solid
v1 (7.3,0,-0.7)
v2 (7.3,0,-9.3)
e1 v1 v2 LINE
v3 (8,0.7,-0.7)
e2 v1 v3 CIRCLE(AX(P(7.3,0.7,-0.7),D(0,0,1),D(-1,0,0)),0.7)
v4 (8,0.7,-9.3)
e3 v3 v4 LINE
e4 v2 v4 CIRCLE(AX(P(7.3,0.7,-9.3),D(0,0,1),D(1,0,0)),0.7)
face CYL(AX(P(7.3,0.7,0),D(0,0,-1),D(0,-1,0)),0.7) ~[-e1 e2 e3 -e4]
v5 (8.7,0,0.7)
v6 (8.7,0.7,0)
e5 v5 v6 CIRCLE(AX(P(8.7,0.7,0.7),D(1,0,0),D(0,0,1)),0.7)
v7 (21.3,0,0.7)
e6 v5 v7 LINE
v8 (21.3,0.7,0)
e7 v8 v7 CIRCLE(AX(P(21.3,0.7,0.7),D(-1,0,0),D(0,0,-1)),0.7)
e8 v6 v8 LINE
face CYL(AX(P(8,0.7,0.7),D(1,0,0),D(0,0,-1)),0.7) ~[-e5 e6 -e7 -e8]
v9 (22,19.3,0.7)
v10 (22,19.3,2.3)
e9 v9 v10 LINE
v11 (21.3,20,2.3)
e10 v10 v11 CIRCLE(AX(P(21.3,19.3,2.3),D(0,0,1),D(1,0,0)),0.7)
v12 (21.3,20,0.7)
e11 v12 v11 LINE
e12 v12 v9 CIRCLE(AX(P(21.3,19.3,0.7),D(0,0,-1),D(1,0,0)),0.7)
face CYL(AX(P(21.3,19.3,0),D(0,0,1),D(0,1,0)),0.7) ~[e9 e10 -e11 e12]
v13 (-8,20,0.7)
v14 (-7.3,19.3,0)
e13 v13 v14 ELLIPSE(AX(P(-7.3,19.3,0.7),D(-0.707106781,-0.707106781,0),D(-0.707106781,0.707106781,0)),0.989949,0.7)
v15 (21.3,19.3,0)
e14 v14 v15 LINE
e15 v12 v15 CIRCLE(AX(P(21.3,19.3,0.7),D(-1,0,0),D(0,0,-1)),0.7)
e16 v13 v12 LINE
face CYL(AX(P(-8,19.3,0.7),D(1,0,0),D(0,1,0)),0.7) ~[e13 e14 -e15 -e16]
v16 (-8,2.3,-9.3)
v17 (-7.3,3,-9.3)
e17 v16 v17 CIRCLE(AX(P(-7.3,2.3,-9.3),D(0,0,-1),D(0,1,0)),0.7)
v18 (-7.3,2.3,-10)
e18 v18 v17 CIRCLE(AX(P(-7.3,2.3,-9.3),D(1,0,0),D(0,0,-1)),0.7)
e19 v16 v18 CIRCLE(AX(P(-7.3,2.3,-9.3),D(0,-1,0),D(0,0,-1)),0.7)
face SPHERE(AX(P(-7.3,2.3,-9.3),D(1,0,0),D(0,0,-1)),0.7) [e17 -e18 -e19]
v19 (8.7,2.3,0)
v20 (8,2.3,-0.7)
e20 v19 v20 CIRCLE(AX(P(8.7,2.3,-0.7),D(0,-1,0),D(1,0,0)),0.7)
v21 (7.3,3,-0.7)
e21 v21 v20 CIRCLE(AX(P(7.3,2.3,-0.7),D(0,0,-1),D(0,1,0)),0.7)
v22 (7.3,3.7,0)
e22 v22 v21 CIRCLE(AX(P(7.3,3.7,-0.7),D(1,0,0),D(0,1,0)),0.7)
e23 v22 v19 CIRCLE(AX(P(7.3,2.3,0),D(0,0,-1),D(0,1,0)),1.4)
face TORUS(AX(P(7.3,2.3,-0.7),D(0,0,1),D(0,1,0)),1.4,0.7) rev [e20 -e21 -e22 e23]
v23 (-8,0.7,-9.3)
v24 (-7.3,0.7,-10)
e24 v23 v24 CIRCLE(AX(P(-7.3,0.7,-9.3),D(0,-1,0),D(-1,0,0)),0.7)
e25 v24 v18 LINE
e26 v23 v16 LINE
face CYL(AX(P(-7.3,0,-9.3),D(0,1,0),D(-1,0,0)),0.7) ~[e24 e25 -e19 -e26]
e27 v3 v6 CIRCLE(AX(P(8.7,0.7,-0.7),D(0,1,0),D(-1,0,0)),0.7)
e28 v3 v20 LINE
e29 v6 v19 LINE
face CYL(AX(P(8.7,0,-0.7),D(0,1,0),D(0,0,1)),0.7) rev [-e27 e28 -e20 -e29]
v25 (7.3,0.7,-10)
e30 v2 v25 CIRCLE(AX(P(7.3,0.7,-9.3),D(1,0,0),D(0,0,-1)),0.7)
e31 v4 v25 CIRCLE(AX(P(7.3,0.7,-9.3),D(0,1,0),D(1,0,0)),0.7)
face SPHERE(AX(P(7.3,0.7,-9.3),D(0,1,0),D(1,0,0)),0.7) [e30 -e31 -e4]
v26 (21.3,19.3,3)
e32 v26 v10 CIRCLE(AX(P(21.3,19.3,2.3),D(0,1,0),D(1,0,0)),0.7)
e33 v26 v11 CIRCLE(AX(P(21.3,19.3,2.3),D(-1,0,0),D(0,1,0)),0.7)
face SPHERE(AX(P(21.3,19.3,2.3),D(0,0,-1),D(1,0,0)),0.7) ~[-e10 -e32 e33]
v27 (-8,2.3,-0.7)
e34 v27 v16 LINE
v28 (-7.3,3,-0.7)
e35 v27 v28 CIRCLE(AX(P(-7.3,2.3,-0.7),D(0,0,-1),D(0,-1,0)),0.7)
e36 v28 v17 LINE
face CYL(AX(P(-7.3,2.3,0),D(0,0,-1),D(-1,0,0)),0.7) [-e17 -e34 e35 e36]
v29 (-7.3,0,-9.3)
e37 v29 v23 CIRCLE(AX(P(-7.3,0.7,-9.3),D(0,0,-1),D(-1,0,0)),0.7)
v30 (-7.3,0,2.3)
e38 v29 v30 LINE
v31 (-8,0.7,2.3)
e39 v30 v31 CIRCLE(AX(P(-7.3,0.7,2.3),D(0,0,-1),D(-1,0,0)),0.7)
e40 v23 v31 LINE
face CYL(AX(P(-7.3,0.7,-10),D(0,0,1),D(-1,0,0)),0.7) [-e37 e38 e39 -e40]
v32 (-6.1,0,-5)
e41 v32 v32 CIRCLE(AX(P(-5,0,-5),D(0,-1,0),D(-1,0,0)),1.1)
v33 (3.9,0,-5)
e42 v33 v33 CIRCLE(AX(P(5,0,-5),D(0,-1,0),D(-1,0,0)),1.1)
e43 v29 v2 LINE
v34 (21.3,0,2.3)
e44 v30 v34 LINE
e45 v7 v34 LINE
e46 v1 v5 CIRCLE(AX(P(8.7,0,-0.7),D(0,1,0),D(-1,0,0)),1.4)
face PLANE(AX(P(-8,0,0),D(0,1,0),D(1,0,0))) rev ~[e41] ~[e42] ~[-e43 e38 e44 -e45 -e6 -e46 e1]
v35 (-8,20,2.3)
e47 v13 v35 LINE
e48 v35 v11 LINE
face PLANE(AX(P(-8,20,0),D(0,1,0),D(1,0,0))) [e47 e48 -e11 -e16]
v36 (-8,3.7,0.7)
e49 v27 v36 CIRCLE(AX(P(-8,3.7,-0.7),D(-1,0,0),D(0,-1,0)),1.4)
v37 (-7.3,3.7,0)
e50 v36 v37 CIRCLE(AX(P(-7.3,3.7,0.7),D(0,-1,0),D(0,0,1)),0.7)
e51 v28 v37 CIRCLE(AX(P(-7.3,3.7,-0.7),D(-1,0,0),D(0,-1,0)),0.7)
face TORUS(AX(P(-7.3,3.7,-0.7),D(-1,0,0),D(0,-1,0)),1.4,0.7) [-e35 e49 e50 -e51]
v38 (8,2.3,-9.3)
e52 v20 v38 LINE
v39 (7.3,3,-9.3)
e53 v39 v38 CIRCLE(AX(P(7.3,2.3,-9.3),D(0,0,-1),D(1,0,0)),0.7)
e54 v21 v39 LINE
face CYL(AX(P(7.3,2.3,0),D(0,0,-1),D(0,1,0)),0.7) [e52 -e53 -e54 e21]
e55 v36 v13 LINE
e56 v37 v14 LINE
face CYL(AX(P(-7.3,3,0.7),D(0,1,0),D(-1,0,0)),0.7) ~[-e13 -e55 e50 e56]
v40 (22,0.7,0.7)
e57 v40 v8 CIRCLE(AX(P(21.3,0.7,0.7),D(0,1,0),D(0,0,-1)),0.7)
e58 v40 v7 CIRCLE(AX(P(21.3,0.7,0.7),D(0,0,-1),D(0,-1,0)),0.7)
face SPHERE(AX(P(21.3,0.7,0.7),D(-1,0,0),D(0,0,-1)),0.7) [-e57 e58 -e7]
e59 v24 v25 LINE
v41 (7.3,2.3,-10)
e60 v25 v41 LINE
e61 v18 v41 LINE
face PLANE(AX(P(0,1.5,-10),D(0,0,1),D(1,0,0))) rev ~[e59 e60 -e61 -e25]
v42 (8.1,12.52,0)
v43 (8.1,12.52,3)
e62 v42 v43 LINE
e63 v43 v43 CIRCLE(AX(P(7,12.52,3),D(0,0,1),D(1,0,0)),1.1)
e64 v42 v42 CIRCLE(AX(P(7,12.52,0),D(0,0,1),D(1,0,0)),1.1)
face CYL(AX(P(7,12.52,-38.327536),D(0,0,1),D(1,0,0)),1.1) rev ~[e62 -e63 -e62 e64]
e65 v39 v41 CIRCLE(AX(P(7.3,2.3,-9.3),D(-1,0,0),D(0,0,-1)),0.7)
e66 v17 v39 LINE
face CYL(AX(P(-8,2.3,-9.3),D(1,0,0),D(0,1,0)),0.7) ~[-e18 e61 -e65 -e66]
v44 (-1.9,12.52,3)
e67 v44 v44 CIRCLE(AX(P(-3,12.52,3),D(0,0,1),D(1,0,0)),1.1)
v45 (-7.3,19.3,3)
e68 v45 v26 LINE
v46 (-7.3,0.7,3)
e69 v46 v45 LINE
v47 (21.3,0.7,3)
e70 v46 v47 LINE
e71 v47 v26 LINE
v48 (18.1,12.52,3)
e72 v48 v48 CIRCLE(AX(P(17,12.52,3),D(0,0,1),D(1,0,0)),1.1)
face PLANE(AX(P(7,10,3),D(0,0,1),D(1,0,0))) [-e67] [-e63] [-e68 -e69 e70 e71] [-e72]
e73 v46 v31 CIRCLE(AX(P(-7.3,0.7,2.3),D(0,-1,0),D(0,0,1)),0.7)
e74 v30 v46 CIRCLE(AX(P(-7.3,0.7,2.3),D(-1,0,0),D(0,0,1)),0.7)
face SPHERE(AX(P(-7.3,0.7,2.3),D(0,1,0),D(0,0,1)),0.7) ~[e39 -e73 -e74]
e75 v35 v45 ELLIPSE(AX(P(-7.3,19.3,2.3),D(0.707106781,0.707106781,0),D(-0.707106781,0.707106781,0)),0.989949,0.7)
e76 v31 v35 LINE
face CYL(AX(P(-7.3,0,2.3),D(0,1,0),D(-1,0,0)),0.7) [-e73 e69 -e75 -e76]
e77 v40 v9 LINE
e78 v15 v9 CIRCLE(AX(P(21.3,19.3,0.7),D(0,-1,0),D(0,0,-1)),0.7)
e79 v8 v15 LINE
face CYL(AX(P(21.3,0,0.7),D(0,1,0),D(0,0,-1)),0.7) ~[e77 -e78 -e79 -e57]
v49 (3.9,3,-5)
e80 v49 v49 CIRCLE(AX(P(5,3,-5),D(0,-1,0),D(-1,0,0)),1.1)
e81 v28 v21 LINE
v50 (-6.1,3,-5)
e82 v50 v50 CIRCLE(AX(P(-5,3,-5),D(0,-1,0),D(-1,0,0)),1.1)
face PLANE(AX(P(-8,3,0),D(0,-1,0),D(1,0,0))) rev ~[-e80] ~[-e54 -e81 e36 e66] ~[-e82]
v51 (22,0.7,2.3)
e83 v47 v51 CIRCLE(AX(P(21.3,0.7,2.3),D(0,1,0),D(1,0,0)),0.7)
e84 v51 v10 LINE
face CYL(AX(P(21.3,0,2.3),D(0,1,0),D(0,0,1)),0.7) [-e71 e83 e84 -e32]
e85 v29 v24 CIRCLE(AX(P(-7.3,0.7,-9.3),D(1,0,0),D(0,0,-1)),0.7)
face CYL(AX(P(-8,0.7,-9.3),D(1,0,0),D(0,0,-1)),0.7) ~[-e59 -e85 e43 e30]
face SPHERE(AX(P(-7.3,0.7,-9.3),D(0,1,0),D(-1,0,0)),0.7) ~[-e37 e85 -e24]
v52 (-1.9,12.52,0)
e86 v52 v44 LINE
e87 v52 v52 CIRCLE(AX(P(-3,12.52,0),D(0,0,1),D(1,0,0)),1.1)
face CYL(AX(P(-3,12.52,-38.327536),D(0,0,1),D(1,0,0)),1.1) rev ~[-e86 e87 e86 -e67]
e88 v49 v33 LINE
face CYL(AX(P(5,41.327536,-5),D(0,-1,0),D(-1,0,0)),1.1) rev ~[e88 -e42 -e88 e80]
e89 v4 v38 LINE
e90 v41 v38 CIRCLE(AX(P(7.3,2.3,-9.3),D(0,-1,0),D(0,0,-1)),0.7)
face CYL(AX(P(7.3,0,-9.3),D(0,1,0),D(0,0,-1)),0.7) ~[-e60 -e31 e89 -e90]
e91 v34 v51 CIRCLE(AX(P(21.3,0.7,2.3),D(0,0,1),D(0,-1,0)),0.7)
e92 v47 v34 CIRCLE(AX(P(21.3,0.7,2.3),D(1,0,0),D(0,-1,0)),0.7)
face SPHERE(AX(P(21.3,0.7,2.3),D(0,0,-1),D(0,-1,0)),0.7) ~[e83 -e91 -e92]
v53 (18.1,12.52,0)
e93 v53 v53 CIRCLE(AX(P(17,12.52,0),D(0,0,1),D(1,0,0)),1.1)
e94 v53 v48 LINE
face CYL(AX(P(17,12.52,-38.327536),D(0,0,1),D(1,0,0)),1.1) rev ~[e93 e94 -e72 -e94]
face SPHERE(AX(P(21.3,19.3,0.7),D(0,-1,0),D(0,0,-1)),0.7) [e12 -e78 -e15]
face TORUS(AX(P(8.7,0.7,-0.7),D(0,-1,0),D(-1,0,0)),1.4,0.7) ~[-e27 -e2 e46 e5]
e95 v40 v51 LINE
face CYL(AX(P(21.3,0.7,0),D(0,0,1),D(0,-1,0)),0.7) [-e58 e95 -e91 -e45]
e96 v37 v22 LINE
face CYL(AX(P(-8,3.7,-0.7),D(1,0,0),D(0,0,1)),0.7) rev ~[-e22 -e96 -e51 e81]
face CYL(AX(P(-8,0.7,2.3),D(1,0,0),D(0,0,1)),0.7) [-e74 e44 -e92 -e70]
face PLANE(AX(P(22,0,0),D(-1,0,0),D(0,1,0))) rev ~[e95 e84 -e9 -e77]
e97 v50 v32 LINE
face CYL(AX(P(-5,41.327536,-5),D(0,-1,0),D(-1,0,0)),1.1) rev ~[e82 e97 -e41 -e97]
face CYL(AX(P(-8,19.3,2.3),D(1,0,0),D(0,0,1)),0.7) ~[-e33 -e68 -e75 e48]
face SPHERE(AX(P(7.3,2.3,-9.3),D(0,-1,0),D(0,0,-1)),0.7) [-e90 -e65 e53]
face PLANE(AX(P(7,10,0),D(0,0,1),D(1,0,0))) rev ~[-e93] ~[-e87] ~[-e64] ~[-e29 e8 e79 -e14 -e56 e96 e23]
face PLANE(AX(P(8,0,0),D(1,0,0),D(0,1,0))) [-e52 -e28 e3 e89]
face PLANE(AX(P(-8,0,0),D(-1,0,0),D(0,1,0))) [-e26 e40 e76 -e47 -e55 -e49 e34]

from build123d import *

# Parameters (mm, degrees)
SKETCH_1_W              = 16
SKETCH_1_H              = 3
EXTRUDE_1_DEPTH         = 10
SKETCH_2_W              = 30
SKETCH_2_H              = 20
EXTRUDE_2_DEPTH         = 3
HOLE_WIZARD_2_2_2_2_1_D = 2.2
FILLET_1_R              = 0.7
HOLE_WIZARD_2_2_2_2_2_D = 2.2


with BuildPart() as part:
    # 草图1 → 凸台-拉伸1 (new body)
    with BuildSketch(Plane.XY):
        with Locations((0, 1.5)):
            Rectangle(SKETCH_1_W, SKETCH_1_H)
    extrude(amount=-EXTRUDE_1_DEPTH)

    # 草图2 → 凸台-拉伸2 (add)
    with BuildSketch(Plane.XY):
        with Locations((7, 10)):
            Rectangle(SKETCH_2_W, SKETCH_2_H)
    extrude(amount=EXTRUDE_2_DEPTH)

    # Ø2.2 (2.2) 直径孔1 (through all)
    with Locations(Plane(origin=(0, 3, 0), x_dir=(1, 0, 0), z_dir=(0, 1, 0))):
        with Locations((-5, 5), (5, 5)):
            Hole(HOLE_WIZARD_2_2_2_2_1_D / 2)

    # 圆角1
    fillet_1_edges = [part.edges().sort_by_distance(p)[0] for p in [
        (8, 1.5, -10),
        (-8, 11.5, 0),
        (15, 0, 0),
        (22, 10, 0),
        (22, 0, 1.5),
        (7, 20, 0),
        (22, 20, 1.5),
        (-8, 10, 3),
        (7, 0, 3),
        (0, 3, -10),
        (22, 10, 3),
        (7, 20, 3),
        (-8, 1.5, -10),
        (0, 3, 0),
        (8, 1.5, 0),
        (-8, 3, -5),
        (8, 3, -5),
        (8, 0, -5),
        (-8, 0, -3.5),
        (0, 0, -10),
    ]]
    fillet(fillet_1_edges, radius=FILLET_1_R)

    # Ø2.2 (2.2) 直径孔2 (through all)
    with Locations(Plane(origin=(0, 0, 0), x_dir=(-1, 0, 0), z_dir=(0, 0, -1))):
        with Locations((-17, 12.52), (-7, 12.52), (3, 12.52)):
            Hole(HOLE_WIZARD_2_2_2_2_2_D / 2)


solid = part.part
